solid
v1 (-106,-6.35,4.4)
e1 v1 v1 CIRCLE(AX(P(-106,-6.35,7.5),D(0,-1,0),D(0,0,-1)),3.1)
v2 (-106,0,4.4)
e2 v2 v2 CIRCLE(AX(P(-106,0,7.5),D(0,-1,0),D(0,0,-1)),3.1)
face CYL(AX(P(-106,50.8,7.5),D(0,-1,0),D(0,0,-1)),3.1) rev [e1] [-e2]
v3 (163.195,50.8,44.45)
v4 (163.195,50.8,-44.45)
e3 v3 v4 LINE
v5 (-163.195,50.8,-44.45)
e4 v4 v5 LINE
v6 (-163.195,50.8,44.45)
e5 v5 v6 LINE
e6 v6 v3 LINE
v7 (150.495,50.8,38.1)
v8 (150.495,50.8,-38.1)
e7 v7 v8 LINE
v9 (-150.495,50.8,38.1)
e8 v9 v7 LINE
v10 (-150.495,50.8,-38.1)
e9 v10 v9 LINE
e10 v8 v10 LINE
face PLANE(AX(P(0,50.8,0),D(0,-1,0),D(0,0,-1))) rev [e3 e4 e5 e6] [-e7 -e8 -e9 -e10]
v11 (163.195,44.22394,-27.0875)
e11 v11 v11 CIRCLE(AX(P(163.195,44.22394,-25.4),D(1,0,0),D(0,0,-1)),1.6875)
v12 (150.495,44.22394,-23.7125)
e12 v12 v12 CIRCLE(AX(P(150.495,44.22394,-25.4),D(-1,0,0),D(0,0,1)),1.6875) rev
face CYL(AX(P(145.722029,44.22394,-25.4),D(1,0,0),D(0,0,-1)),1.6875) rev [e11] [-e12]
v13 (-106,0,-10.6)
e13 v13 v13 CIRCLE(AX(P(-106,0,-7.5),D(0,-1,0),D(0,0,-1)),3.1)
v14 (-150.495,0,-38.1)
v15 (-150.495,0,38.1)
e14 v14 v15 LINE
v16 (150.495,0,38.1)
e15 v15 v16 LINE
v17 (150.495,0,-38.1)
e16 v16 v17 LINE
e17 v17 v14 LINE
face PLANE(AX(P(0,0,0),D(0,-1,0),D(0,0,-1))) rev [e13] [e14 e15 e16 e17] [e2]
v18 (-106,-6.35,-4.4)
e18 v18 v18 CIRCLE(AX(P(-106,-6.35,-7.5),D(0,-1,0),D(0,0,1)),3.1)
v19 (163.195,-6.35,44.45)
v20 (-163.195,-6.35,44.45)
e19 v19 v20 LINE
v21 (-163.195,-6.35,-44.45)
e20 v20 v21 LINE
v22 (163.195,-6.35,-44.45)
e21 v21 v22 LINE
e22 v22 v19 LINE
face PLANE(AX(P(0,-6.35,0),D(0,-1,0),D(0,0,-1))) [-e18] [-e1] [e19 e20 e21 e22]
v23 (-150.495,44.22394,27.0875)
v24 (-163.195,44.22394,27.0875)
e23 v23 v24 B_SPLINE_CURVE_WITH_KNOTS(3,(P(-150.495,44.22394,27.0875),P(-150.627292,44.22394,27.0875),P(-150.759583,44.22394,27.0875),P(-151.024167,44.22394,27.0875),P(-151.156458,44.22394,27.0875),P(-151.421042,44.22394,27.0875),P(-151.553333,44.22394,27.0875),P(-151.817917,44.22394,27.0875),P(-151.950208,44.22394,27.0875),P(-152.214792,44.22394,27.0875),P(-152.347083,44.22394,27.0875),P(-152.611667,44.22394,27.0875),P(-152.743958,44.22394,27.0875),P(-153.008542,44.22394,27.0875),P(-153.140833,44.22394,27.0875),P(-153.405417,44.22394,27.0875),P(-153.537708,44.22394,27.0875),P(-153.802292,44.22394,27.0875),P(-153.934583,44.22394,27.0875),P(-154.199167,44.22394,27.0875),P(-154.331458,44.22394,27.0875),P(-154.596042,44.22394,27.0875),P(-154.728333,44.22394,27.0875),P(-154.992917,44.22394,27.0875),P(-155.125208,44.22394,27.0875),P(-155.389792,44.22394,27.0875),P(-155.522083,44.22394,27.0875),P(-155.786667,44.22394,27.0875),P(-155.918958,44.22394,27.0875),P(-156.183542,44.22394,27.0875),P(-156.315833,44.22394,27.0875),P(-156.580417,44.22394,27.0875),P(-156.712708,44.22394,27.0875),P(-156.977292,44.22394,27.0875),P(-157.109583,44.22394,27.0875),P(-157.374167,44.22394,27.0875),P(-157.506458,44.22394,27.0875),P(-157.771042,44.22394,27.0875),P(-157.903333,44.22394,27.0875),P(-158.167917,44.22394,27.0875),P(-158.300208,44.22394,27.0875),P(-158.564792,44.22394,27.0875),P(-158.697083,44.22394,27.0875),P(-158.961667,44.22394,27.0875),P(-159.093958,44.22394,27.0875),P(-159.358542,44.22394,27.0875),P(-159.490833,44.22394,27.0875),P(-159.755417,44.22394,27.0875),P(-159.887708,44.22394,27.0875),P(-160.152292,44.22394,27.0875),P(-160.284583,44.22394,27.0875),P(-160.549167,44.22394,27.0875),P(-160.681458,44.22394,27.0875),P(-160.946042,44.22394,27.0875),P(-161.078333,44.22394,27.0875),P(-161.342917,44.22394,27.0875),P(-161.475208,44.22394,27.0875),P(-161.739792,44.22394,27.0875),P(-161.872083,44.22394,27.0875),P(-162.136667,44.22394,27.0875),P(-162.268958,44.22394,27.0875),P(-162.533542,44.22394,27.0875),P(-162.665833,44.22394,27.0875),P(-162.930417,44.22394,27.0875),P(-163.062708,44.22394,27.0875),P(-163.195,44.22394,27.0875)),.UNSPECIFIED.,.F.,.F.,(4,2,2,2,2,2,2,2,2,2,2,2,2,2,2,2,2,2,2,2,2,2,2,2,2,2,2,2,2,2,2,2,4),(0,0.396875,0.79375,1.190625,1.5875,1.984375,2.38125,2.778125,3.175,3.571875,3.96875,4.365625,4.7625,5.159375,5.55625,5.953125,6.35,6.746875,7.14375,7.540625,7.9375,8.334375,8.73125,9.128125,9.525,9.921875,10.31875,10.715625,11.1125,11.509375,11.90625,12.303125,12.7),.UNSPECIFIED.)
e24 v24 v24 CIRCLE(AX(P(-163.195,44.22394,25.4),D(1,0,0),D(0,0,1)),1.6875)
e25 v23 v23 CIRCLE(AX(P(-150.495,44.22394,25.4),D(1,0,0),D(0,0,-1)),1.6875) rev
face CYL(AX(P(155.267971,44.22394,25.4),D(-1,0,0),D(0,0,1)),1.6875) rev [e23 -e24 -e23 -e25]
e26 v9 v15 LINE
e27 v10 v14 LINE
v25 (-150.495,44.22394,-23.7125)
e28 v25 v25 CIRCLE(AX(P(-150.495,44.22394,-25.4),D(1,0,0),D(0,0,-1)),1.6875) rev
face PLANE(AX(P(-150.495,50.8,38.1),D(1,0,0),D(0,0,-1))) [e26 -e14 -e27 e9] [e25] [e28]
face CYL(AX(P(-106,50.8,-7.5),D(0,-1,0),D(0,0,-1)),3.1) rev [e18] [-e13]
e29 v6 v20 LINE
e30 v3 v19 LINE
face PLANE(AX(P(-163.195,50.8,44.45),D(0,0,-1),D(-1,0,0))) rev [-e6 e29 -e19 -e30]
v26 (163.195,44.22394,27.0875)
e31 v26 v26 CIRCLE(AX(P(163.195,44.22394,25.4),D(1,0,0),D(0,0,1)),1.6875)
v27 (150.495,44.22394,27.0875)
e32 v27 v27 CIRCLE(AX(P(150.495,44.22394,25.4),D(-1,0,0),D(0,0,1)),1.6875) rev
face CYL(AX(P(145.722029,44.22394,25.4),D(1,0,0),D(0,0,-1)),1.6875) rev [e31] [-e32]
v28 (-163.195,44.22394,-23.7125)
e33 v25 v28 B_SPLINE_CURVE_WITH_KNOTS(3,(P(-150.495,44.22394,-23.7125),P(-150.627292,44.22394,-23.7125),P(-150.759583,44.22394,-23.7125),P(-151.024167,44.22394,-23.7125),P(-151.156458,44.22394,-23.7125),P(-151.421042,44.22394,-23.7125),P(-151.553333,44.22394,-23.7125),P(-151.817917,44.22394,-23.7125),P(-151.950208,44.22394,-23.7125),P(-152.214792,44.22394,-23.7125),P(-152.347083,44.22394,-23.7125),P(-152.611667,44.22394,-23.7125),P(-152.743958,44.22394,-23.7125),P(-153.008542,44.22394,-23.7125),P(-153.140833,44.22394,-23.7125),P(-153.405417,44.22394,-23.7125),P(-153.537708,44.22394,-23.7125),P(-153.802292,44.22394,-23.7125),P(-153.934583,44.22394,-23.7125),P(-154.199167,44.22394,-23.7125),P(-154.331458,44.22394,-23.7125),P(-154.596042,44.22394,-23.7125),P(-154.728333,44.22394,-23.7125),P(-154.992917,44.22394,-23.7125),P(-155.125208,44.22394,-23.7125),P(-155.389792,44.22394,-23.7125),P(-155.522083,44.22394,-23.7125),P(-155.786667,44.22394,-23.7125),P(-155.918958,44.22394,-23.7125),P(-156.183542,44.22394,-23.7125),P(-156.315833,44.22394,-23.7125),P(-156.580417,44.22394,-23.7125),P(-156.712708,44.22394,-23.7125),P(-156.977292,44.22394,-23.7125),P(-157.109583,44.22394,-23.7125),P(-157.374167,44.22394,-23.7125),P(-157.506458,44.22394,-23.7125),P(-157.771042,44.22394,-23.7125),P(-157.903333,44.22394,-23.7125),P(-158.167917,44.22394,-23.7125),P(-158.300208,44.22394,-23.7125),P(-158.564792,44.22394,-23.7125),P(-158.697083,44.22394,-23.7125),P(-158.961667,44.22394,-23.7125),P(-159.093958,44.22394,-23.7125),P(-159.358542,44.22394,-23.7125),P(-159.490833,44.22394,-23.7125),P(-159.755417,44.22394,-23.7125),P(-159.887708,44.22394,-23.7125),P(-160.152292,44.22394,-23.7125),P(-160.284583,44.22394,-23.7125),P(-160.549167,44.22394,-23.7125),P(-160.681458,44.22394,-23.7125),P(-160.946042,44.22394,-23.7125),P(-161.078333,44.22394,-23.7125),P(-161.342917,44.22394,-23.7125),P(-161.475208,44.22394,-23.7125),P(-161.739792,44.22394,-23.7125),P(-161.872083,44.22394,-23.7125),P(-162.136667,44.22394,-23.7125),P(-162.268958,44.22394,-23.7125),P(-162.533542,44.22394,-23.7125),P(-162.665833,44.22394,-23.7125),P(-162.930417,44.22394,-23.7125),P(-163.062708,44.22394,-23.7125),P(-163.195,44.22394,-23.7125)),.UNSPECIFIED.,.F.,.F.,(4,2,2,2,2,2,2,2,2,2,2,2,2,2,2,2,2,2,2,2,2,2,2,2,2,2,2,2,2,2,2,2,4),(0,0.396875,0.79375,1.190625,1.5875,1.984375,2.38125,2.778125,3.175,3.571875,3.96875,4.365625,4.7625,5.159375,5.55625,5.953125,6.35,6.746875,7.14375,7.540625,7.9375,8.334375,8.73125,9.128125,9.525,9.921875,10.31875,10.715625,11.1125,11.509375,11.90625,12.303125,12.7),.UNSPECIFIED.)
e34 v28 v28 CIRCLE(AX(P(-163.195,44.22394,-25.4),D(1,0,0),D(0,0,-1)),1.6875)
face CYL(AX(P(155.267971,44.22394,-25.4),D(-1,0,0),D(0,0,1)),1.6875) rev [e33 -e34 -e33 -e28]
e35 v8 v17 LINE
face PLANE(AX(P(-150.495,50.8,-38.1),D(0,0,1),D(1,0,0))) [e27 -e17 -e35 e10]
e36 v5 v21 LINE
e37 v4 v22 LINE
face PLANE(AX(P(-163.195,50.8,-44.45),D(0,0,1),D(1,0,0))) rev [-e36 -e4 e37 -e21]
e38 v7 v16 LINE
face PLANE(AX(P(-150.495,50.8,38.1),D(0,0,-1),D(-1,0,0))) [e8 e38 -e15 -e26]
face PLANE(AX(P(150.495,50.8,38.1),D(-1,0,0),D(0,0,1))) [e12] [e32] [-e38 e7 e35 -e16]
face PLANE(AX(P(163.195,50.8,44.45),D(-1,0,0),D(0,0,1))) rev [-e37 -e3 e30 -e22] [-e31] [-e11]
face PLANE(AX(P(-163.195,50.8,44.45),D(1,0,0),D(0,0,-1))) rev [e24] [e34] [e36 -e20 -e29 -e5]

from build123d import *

# Parameters (mm, degrees)
SKETCH1_W           = 326.39
SKETCH1_H           = 88.9
SKETCH1_W_2         = 300.99
SKETCH1_H_2         = 76.2
BOSS_EXTRUDE1_DEPTH = 50.8
SKETCH2_W           = 326.39
SKETCH2_H           = 88.9
BOSS_EXTRUDE2_DEPTH = 6.35
SKETCH3_R           = 3.1
CUT_EXTRUDE1_DEPTH  = 179.534402917
SKETCH4_R           = 1.6875
CUT_EXTRUDE3_DEPTH  = 313.69


with BuildPart() as part:
    # Sketch1 → Boss-Extrude1 (new body)
    with BuildSketch(Plane(origin=(0, 0, 0), x_dir=(1, 0, 0), z_dir=(0, 1, 0))):
        Rectangle(SKETCH1_W, SKETCH1_H)
        Rectangle(SKETCH1_W_2, SKETCH1_H_2, mode=Mode.SUBTRACT)
    extrude(amount=BOSS_EXTRUDE1_DEPTH)

    # Sketch2 → Boss-Extrude2 (add)
    with BuildSketch(Plane.XZ):
        Rectangle(SKETCH2_W, SKETCH2_H)
    extrude(amount=BOSS_EXTRUDE2_DEPTH)

    # Sketch3 → Cut-Extrude1 (cut, through all)
    with BuildSketch(Plane.XZ.offset(6.35)):
        with Locations(Location((-106, 7.5, 0), (0, 0, 270))):
            Circle(SKETCH3_R)
        with Locations(Location((-106, -7.5, 0), (0, 0, 270))):
            Circle(SKETCH3_R)
    extrude(amount=-CUT_EXTRUDE1_DEPTH, mode=Mode.SUBTRACT)

    # Sketch4 → Cut-Extrude3 (cut)
    with BuildSketch(Plane(origin=(163.195, 0, 0), x_dir=(0, 0, -1), z_dir=(1, 0, 0))):
        with Locations((25.4, 44.22394)):
            Circle(SKETCH4_R)
        with Locations(Location((-25.4, 44.22394, 0), (0, 0, 180))):
            Circle(SKETCH4_R)
    cut_extrude3 = extrude(amount=-CUT_EXTRUDE3_DEPTH, mode=Mode.SUBTRACT)

    # Mirror2: Cut-Extrude3 across plane
    add(cut_extrude3.mirror(Plane(origin=(0, 0, 0), x_dir=(0, 0, 1), z_dir=(1, 0, 0))), mode=Mode.SUBTRACT)


solid = part.part
